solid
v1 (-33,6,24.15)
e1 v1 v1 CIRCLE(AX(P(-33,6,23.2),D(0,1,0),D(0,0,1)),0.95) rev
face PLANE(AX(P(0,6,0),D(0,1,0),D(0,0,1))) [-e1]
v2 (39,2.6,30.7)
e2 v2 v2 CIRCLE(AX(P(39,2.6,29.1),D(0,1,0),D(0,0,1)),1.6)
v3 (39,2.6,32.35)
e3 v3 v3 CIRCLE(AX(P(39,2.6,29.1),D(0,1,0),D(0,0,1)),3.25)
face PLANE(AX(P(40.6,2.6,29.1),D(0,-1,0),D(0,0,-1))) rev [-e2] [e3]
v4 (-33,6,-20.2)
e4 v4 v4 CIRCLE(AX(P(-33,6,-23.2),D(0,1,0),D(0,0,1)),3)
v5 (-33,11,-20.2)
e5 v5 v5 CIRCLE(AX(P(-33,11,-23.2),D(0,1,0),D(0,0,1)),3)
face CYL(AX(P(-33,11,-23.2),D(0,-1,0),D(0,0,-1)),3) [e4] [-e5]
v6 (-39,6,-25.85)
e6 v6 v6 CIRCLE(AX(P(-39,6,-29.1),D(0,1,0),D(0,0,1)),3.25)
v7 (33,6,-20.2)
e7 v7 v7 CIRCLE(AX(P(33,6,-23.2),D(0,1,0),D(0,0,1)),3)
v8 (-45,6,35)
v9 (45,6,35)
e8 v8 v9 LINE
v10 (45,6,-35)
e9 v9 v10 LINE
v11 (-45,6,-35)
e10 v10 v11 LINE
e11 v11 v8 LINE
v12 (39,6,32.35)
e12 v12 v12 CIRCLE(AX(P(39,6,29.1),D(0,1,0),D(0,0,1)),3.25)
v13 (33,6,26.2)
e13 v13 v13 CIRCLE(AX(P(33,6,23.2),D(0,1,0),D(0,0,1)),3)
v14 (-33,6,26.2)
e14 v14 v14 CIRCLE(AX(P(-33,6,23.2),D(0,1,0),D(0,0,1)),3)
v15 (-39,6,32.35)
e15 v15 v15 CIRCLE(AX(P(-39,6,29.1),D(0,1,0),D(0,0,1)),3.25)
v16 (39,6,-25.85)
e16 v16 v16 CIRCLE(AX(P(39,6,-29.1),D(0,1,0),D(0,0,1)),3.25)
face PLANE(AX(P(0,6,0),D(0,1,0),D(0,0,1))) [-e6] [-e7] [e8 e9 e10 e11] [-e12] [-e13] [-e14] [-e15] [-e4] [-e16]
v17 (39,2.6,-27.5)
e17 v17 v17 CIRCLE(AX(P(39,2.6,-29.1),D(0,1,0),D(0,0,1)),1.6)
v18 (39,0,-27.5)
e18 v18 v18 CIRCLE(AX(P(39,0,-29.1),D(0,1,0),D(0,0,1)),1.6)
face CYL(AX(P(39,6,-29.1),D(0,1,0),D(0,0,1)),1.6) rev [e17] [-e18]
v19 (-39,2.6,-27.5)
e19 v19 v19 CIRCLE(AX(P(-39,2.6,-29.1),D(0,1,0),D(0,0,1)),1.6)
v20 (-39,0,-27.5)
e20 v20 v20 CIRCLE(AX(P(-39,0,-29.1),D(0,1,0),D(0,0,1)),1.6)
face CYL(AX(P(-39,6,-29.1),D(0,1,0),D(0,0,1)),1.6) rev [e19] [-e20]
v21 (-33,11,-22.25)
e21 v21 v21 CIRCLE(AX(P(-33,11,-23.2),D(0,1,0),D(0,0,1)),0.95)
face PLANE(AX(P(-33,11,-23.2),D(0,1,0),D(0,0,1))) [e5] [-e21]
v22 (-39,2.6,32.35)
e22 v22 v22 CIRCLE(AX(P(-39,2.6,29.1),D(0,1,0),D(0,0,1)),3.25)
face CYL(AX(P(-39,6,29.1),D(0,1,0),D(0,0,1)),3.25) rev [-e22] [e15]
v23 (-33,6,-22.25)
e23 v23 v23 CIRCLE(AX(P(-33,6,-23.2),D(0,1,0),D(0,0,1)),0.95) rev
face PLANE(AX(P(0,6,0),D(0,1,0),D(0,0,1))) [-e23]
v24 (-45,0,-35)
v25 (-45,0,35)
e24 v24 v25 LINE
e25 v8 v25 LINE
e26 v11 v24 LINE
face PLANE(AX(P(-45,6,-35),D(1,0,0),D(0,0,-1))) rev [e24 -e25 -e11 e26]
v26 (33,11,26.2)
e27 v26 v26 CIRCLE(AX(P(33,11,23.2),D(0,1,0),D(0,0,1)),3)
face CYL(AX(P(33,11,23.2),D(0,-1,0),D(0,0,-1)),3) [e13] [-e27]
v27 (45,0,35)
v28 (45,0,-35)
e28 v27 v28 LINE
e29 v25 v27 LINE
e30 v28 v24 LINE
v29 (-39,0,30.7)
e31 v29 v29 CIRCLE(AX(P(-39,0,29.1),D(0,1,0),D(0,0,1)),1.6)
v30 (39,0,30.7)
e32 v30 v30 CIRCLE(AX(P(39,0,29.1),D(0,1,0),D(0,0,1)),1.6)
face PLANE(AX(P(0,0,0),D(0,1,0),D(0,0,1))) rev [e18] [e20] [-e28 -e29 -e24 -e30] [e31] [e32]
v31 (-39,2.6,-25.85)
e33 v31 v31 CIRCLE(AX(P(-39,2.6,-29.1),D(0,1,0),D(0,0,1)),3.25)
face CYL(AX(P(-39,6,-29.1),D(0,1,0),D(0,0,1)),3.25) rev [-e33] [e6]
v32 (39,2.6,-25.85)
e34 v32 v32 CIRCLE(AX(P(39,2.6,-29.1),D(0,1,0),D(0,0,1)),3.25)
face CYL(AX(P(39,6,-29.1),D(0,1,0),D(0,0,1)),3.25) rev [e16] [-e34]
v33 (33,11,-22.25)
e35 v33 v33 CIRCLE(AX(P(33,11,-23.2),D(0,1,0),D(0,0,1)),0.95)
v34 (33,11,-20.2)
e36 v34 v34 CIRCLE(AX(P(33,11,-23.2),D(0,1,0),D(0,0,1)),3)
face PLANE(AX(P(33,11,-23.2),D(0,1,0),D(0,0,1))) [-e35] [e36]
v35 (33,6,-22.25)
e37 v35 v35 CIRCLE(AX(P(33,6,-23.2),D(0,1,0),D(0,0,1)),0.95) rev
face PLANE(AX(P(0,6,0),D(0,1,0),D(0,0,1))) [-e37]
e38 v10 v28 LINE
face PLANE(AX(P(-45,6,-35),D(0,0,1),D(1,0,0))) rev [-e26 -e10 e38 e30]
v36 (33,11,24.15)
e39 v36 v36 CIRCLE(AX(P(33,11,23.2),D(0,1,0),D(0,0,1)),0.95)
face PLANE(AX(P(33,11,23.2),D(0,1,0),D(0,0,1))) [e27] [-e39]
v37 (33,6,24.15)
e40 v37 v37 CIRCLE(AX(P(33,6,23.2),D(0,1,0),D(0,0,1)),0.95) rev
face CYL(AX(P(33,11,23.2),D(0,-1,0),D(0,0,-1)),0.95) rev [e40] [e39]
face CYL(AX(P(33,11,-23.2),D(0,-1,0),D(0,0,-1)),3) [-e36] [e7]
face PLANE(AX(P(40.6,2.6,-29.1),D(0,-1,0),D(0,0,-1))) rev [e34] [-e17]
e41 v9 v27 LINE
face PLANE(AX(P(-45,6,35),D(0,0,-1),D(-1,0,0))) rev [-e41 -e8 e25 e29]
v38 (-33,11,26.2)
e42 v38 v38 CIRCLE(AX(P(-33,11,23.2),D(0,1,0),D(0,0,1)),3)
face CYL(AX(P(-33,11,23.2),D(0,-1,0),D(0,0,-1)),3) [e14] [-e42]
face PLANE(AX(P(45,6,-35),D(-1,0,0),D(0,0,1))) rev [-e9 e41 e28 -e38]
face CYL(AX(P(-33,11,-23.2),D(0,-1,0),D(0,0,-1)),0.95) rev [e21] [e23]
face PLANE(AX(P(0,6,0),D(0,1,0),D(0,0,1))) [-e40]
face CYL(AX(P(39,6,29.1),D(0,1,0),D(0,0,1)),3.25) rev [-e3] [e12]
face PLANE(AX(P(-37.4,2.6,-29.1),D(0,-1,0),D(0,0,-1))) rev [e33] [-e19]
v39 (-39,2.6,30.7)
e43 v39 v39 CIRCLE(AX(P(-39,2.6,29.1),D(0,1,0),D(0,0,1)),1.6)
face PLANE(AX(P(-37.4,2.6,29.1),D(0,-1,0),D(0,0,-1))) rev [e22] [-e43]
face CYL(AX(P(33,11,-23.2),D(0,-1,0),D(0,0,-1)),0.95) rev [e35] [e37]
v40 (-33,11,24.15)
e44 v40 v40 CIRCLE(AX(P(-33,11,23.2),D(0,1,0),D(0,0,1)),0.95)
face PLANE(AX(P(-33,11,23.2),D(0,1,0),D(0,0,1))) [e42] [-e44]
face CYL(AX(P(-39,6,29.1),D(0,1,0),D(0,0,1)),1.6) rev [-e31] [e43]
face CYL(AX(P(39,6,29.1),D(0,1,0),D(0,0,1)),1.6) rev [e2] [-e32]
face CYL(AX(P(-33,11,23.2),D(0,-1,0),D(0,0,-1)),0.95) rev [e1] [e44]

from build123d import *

# Parameters (mm, degrees)
SZKIC1_W                                            = 90
SZKIC1_H                                            = 70
DODANIE_WYCI_GNI_CIE1_DEPTH                         = 6
SZKIC2_R                                            = 3
SZKIC2_R_2                                          = 0.95
DODANIE_WYCI_GNI_CIE2_DEPTH                         = 5
CBORE_FOR_M3_HEX_SOCKET_HEAD_CAP_SCREW1_D           = 3.2
CBORE_FOR_M3_HEX_SOCKET_HEAD_CAP_SCREW1_DEPTH       = 17.7
CBORE_FOR_M3_HEX_SOCKET_HEAD_CAP_SCREW1_CBORE_D     = 6.5
CBORE_FOR_M3_HEX_SOCKET_HEAD_CAP_SCREW1_CBORE_DEPTH = 3.4
CBORE_FOR_M3_HEX_SOCKET_HEAD_CAP_SCREW1_TIP         = 0.96137699


with BuildPart() as part:
    # Szkic1 → Dodanie-wyciągnięcie1 (new body)
    with BuildSketch(Plane(origin=(0, 0, 0), x_dir=(1, 0, 0), z_dir=(0, 1, 0))):
        Rectangle(SZKIC1_W, SZKIC1_H)
    extrude(amount=DODANIE_WYCI_GNI_CIE1_DEPTH)

    # Szkic2 → Dodanie-wyciągnięcie2 (add)
    # profile 1 of 4: a face of its own
    with BuildSketch(Plane(origin=(0, 6, 0), x_dir=(1, 0, 0), z_dir=(0, 1, 0))):
        with Locations(Location((-33, 23.2, 0), (0, 0, 270))):
            Circle(SZKIC2_R)
        with Locations(Location((-33, 23.2, 0), (0, 0, 270))):
            Circle(SZKIC2_R_2, mode=Mode.SUBTRACT)
    # profile 2 of 4: a face of its own
    with BuildSketch(Plane(origin=(0, 6, 0), x_dir=(1, 0, 0), z_dir=(0, 1, 0))):
        with Locations(Location((-33, -23.2, 0), (0, 0, 270))):
            Circle(SZKIC2_R)
        with Locations(Location((-33, -23.2, 0), (0, 0, 270))):
            Circle(SZKIC2_R_2, mode=Mode.SUBTRACT)
    # profile 3 of 4: a face of its own
    with BuildSketch(Plane(origin=(0, 6, 0), x_dir=(1, 0, 0), z_dir=(0, 1, 0))):
        with Locations(Location((33, -23.2, 0), (0, 0, 270))):
            Circle(SZKIC2_R)
        with Locations(Location((33, -23.2, 0), (0, 0, 270))):
            Circle(SZKIC2_R_2, mode=Mode.SUBTRACT)
    # profile 4 of 4: a face of its own
    with BuildSketch(Plane(origin=(0, 6, 0), x_dir=(1, 0, 0), z_dir=(0, 1, 0))):
        with Locations(Location((33, 23.2, 0), (0, 0, 270))):
            Circle(SZKIC2_R)
        with Locations(Location((33, 23.2, 0), (0, 0, 270))):
            Circle(SZKIC2_R_2, mode=Mode.SUBTRACT)
    extrude(amount=DODANIE_WYCI_GNI_CIE2_DEPTH)

    # CBORE for M3 Hex Socket Head Cap Screw1
    with Locations(Plane(origin=(0, 6, 0), x_dir=(1, 0, 0), z_dir=(0, 1, 0))):
        with Locations((-39, 29.1), (-39, -29.1), (39, 29.1), (39, -29.1)):
            CounterBoreHole(CBORE_FOR_M3_HEX_SOCKET_HEAD_CAP_SCREW1_D / 2, CBORE_FOR_M3_HEX_SOCKET_HEAD_CAP_SCREW1_CBORE_D / 2, CBORE_FOR_M3_HEX_SOCKET_HEAD_CAP_SCREW1_CBORE_DEPTH, depth=CBORE_FOR_M3_HEX_SOCKET_HEAD_CAP_SCREW1_DEPTH)
            with Locations((0, 0, -(CBORE_FOR_M3_HEX_SOCKET_HEAD_CAP_SCREW1_DEPTH + CBORE_FOR_M3_HEX_SOCKET_HEAD_CAP_SCREW1_TIP / 2))):  # 118° drill point
                Cone(0, CBORE_FOR_M3_HEX_SOCKET_HEAD_CAP_SCREW1_D / 2, CBORE_FOR_M3_HEX_SOCKET_HEAD_CAP_SCREW1_TIP, mode=Mode.SUBTRACT)


solid = part.part
